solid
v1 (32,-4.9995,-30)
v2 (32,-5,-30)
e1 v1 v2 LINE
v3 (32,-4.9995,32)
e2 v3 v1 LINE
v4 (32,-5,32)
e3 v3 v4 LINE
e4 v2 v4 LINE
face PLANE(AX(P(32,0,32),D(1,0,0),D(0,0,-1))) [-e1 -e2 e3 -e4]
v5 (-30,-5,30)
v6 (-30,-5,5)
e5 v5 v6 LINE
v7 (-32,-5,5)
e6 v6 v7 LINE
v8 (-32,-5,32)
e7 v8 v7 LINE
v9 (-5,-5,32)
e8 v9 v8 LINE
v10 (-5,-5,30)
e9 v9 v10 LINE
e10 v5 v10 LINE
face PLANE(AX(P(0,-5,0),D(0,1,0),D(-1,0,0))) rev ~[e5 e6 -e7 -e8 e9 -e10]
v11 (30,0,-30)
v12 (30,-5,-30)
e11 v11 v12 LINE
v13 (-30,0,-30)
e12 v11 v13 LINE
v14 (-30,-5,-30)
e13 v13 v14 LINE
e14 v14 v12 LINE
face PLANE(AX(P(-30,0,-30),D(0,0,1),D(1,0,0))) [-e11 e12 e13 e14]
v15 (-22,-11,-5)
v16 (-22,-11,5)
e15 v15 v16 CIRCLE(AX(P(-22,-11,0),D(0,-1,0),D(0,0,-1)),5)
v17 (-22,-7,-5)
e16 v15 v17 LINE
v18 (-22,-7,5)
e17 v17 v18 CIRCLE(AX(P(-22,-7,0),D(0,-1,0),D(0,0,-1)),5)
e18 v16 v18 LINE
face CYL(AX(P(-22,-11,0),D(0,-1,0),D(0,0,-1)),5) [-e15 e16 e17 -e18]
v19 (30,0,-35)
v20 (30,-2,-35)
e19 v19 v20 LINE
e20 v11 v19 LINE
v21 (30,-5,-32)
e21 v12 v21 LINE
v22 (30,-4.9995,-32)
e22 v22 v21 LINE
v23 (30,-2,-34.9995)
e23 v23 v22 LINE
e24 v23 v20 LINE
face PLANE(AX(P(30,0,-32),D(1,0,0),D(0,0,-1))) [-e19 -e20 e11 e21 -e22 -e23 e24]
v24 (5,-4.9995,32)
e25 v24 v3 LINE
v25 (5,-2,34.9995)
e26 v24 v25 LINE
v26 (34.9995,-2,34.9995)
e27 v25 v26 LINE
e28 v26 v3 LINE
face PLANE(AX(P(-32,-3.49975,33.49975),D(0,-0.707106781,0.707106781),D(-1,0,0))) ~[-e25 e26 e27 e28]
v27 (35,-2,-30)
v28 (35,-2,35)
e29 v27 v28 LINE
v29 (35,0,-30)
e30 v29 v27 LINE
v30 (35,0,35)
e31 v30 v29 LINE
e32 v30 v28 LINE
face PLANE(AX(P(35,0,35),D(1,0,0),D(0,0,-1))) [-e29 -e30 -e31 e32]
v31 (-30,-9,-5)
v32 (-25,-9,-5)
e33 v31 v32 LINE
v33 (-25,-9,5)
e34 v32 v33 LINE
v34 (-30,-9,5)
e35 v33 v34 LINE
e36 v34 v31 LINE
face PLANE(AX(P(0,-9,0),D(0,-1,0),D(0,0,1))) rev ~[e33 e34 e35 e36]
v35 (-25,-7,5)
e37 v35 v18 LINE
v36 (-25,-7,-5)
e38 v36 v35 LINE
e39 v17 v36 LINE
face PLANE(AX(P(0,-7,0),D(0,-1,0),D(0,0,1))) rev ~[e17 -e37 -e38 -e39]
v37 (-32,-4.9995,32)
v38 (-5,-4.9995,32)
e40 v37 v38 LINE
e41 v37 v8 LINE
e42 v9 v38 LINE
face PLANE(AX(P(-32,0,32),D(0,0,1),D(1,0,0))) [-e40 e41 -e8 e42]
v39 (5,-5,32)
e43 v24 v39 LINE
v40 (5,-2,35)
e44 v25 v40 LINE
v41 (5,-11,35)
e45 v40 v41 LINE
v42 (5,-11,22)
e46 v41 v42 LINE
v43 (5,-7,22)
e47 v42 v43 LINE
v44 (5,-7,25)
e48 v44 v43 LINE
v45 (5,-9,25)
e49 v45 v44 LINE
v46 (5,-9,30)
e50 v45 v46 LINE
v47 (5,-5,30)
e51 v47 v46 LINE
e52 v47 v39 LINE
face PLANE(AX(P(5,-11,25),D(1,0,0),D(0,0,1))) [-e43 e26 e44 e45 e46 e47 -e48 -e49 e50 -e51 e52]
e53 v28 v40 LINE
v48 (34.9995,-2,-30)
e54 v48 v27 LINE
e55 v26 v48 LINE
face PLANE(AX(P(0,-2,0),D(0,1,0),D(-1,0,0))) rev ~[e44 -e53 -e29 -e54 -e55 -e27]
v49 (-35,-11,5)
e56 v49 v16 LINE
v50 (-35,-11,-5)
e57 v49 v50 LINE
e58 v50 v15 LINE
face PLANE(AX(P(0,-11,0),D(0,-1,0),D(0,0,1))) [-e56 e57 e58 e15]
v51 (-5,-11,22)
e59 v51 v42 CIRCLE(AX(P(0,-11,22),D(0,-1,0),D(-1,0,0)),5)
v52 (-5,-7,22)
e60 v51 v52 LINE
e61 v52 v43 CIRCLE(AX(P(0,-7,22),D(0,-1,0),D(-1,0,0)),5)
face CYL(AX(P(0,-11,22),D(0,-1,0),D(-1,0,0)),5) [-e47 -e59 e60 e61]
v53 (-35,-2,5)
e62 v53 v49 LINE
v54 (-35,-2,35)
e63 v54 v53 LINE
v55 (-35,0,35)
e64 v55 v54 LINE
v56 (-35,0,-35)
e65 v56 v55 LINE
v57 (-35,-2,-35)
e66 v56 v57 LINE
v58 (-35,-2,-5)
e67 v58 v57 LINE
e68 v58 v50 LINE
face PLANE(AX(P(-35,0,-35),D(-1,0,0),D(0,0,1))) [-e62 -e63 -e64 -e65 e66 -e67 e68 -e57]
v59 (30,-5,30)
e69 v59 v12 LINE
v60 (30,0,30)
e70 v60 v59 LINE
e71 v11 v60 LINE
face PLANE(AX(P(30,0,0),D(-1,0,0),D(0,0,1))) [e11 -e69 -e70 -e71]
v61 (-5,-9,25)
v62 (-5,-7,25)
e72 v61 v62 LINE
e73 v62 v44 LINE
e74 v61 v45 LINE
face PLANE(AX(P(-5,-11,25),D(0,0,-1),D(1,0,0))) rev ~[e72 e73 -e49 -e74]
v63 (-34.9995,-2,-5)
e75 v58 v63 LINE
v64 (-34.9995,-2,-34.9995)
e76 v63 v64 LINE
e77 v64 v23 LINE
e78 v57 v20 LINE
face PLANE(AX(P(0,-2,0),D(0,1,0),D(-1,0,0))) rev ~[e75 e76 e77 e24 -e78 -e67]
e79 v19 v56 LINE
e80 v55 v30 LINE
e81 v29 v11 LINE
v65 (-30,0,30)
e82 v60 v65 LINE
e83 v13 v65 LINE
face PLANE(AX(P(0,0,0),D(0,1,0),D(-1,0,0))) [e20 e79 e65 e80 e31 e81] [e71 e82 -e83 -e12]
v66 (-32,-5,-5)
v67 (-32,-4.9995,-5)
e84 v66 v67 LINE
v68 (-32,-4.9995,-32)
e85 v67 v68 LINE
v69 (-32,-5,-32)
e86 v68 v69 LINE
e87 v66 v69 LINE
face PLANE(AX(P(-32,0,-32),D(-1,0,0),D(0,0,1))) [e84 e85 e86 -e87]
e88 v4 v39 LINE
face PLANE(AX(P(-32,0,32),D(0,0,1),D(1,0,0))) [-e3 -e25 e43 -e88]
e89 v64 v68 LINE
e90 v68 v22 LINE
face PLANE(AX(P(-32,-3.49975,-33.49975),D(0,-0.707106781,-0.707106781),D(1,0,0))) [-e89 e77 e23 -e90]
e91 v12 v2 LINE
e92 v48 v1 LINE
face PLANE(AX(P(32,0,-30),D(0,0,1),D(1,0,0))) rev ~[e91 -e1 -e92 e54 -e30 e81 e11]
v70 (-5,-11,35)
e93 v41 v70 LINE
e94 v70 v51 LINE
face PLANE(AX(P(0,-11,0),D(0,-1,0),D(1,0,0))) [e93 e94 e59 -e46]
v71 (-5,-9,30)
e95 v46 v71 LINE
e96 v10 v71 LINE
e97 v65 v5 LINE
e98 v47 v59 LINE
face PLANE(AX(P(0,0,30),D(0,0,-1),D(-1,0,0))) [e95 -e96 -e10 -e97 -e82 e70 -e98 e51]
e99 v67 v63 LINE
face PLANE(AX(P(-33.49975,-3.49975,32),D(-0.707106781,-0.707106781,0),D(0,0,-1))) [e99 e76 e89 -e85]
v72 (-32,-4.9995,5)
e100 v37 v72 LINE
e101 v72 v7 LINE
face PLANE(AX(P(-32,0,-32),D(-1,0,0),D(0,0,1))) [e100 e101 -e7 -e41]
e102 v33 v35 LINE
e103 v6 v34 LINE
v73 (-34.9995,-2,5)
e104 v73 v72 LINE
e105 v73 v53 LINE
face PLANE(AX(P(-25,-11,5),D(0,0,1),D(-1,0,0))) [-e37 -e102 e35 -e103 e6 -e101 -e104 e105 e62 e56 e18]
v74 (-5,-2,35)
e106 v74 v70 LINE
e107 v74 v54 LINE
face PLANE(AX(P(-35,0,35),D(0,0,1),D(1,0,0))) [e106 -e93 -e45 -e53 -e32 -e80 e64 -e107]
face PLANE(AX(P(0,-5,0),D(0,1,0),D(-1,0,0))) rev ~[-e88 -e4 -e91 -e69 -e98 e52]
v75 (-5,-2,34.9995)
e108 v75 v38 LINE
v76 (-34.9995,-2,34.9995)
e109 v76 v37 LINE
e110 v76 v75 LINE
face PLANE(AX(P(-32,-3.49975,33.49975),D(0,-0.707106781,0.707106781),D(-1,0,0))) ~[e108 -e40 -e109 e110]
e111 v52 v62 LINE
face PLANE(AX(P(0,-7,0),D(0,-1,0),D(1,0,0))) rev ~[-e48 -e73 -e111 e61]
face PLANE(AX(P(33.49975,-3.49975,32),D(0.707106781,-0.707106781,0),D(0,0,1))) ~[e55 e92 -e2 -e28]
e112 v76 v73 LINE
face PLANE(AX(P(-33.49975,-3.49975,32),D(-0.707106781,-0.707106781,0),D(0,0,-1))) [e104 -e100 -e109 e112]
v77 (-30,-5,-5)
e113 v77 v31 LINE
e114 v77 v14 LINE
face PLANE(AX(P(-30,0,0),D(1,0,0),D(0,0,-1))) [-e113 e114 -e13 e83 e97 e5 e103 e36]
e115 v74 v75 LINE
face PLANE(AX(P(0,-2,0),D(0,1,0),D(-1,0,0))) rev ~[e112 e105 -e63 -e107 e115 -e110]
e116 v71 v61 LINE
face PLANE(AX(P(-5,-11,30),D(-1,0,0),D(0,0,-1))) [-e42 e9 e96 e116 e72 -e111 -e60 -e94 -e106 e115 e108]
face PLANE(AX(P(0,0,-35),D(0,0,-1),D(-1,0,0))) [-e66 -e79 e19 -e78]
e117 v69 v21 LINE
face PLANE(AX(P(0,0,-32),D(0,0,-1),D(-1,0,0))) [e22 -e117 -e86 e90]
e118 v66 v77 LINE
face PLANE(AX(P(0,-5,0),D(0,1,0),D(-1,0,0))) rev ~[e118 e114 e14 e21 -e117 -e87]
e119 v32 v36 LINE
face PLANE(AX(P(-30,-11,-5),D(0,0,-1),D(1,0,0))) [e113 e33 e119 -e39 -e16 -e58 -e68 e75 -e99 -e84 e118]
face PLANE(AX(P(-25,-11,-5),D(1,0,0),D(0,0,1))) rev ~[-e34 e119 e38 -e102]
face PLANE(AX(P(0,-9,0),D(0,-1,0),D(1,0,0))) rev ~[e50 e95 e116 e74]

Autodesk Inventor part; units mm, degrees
sketch "Sketch1" plane through (0, 0, 0) normal (0, 1, 0) x (-1, 0, 0)
  line L0 (30, -30) -> (-30, -30)
  line L1 (-30, -30) -> (-30, 30)
  line L2 (-30, 30) -> (30, 30)
  line L3 (30, 30) -> (30, -30)
  line L4 (0, -49.175) -> (0, 49.175) projected
  line L5 (-49, 0) -> (49, 0) projected
  line L6 (-35, -35) -> (35, -35)
  line L7 (35, -35) -> (35, 35)
  line L8 (35, 35) -> (-35, 35)
  line L9 (-35, 35) -> (-35, -35)
  line L10 (-30, -30) -> (-30, -35)
  line L11 (-30, -30) -> (-35, -30)
  line L12 (-32, -32) -> (32, -32)
  line L13 (32, -32) -> (32, 32)
  line L14 (32, 32) -> (-32, 32)
  line L15 (-32, 32) -> (-32, -32)
  point P0 (0, 0)
  point P1 (0, -30)
  point P2 (30, 0)
  point P3 (-30, -32)
  point P4 (-32, -30)
  dimension "d0" = 60
  dimension "d1" = 60
  dimension "d2" = 5
  dimension "d3" = 2
extrude "Extrusion1" add sketch "Sketch1" against normal blind 2 contours L12 L13 L5 L7 L6 L4 | L4 L6 L10 L12 | L13 L14 L4 L8 L7 L5 | L11 L9 L5 L15 | L5 L9 L8 L4 L14 L15
extrude "Extrusion2" add sketch "Sketch1" against normal blind 5 contours L3 L5 L13 L12 L4 L0 | L4 L12 L10 L0 | L3 L2 L4 L14 L13 L5 | L11 L15 L5 L1 | L5 L15 L14 L4 L2 L1
chamfer "Chamfer1" distance 3 angle 45 4 edges at (0, -2, 32) (32, -2, 1) (-1, -2, -32) (-32, -2, 0)
sketch "Sketch2" plane through (0, 0, 0) normal (0, 1, 0) x (1, 0, 0)
  line L0 (-30, -30) -> (30, -30) projected
  line L1 (-35, -35) -> (35, -35) projected
  line L2 (-5, -30) -> (5, -30)
  line L3 (5, -30) -> (5, -35)
  line L4 (5, -35) -> (-5, -35)
  line L5 (-5, -35) -> (-5, -30)
  line L6 (0, 49.025) -> (0, -49.15) projected
  point P0 (0, 0)
  point P1 (0, -35)
  dimension "d11" = 10
extrude "Extrusion3" add sketch "Sketch2" against normal blind 11
sketch "Sketch3" plane through (0, -11, 0) normal (0, -1, 0) x (1, 0, 0)
  line L0 (5, 30) -> (30, 30) projected
  line L1 (5, 30) -> (-5, 30)
  line L2 (-5, 30) -> (-5, 25)
  line L3 (-5, 25) -> (5, 25)
  line L4 (5, 25) -> (5, 30)
  line L5 (-5, 25) -> (5, 25)
  line L6 (5, 25) -> (5, 22)
  line L7 (5, 22) -> (-5, 22)
  line L8 (-5, 22) -> (-5, 25)
  arc A0 (-5, 22) -> (5, 22) centre (0, 22) ccw
  point P0 (0, 0)
  point P1 (5, 25)
  dimension "d14" = 10
  dimension "d15" = 5
  dimension "d16" = 10
  dimension "d17" = 3
extrude "Extrusion4" add sketch "Sketch3" against normal blind 2 contours L4 L3 L2 L1
extrude "Extrusion5" add sketch "Sketch3" against normal blind 4 contours L6 L7 L8 L3 | A0 L7
pattern_circular "Circular Pattern1" count 2 over 90 about axis through (0, -10, 0) along (0, -1, 0) of "Extrusion3", "Extrusion4", "Extrusion5"
properties part number "Marker_Edge"
